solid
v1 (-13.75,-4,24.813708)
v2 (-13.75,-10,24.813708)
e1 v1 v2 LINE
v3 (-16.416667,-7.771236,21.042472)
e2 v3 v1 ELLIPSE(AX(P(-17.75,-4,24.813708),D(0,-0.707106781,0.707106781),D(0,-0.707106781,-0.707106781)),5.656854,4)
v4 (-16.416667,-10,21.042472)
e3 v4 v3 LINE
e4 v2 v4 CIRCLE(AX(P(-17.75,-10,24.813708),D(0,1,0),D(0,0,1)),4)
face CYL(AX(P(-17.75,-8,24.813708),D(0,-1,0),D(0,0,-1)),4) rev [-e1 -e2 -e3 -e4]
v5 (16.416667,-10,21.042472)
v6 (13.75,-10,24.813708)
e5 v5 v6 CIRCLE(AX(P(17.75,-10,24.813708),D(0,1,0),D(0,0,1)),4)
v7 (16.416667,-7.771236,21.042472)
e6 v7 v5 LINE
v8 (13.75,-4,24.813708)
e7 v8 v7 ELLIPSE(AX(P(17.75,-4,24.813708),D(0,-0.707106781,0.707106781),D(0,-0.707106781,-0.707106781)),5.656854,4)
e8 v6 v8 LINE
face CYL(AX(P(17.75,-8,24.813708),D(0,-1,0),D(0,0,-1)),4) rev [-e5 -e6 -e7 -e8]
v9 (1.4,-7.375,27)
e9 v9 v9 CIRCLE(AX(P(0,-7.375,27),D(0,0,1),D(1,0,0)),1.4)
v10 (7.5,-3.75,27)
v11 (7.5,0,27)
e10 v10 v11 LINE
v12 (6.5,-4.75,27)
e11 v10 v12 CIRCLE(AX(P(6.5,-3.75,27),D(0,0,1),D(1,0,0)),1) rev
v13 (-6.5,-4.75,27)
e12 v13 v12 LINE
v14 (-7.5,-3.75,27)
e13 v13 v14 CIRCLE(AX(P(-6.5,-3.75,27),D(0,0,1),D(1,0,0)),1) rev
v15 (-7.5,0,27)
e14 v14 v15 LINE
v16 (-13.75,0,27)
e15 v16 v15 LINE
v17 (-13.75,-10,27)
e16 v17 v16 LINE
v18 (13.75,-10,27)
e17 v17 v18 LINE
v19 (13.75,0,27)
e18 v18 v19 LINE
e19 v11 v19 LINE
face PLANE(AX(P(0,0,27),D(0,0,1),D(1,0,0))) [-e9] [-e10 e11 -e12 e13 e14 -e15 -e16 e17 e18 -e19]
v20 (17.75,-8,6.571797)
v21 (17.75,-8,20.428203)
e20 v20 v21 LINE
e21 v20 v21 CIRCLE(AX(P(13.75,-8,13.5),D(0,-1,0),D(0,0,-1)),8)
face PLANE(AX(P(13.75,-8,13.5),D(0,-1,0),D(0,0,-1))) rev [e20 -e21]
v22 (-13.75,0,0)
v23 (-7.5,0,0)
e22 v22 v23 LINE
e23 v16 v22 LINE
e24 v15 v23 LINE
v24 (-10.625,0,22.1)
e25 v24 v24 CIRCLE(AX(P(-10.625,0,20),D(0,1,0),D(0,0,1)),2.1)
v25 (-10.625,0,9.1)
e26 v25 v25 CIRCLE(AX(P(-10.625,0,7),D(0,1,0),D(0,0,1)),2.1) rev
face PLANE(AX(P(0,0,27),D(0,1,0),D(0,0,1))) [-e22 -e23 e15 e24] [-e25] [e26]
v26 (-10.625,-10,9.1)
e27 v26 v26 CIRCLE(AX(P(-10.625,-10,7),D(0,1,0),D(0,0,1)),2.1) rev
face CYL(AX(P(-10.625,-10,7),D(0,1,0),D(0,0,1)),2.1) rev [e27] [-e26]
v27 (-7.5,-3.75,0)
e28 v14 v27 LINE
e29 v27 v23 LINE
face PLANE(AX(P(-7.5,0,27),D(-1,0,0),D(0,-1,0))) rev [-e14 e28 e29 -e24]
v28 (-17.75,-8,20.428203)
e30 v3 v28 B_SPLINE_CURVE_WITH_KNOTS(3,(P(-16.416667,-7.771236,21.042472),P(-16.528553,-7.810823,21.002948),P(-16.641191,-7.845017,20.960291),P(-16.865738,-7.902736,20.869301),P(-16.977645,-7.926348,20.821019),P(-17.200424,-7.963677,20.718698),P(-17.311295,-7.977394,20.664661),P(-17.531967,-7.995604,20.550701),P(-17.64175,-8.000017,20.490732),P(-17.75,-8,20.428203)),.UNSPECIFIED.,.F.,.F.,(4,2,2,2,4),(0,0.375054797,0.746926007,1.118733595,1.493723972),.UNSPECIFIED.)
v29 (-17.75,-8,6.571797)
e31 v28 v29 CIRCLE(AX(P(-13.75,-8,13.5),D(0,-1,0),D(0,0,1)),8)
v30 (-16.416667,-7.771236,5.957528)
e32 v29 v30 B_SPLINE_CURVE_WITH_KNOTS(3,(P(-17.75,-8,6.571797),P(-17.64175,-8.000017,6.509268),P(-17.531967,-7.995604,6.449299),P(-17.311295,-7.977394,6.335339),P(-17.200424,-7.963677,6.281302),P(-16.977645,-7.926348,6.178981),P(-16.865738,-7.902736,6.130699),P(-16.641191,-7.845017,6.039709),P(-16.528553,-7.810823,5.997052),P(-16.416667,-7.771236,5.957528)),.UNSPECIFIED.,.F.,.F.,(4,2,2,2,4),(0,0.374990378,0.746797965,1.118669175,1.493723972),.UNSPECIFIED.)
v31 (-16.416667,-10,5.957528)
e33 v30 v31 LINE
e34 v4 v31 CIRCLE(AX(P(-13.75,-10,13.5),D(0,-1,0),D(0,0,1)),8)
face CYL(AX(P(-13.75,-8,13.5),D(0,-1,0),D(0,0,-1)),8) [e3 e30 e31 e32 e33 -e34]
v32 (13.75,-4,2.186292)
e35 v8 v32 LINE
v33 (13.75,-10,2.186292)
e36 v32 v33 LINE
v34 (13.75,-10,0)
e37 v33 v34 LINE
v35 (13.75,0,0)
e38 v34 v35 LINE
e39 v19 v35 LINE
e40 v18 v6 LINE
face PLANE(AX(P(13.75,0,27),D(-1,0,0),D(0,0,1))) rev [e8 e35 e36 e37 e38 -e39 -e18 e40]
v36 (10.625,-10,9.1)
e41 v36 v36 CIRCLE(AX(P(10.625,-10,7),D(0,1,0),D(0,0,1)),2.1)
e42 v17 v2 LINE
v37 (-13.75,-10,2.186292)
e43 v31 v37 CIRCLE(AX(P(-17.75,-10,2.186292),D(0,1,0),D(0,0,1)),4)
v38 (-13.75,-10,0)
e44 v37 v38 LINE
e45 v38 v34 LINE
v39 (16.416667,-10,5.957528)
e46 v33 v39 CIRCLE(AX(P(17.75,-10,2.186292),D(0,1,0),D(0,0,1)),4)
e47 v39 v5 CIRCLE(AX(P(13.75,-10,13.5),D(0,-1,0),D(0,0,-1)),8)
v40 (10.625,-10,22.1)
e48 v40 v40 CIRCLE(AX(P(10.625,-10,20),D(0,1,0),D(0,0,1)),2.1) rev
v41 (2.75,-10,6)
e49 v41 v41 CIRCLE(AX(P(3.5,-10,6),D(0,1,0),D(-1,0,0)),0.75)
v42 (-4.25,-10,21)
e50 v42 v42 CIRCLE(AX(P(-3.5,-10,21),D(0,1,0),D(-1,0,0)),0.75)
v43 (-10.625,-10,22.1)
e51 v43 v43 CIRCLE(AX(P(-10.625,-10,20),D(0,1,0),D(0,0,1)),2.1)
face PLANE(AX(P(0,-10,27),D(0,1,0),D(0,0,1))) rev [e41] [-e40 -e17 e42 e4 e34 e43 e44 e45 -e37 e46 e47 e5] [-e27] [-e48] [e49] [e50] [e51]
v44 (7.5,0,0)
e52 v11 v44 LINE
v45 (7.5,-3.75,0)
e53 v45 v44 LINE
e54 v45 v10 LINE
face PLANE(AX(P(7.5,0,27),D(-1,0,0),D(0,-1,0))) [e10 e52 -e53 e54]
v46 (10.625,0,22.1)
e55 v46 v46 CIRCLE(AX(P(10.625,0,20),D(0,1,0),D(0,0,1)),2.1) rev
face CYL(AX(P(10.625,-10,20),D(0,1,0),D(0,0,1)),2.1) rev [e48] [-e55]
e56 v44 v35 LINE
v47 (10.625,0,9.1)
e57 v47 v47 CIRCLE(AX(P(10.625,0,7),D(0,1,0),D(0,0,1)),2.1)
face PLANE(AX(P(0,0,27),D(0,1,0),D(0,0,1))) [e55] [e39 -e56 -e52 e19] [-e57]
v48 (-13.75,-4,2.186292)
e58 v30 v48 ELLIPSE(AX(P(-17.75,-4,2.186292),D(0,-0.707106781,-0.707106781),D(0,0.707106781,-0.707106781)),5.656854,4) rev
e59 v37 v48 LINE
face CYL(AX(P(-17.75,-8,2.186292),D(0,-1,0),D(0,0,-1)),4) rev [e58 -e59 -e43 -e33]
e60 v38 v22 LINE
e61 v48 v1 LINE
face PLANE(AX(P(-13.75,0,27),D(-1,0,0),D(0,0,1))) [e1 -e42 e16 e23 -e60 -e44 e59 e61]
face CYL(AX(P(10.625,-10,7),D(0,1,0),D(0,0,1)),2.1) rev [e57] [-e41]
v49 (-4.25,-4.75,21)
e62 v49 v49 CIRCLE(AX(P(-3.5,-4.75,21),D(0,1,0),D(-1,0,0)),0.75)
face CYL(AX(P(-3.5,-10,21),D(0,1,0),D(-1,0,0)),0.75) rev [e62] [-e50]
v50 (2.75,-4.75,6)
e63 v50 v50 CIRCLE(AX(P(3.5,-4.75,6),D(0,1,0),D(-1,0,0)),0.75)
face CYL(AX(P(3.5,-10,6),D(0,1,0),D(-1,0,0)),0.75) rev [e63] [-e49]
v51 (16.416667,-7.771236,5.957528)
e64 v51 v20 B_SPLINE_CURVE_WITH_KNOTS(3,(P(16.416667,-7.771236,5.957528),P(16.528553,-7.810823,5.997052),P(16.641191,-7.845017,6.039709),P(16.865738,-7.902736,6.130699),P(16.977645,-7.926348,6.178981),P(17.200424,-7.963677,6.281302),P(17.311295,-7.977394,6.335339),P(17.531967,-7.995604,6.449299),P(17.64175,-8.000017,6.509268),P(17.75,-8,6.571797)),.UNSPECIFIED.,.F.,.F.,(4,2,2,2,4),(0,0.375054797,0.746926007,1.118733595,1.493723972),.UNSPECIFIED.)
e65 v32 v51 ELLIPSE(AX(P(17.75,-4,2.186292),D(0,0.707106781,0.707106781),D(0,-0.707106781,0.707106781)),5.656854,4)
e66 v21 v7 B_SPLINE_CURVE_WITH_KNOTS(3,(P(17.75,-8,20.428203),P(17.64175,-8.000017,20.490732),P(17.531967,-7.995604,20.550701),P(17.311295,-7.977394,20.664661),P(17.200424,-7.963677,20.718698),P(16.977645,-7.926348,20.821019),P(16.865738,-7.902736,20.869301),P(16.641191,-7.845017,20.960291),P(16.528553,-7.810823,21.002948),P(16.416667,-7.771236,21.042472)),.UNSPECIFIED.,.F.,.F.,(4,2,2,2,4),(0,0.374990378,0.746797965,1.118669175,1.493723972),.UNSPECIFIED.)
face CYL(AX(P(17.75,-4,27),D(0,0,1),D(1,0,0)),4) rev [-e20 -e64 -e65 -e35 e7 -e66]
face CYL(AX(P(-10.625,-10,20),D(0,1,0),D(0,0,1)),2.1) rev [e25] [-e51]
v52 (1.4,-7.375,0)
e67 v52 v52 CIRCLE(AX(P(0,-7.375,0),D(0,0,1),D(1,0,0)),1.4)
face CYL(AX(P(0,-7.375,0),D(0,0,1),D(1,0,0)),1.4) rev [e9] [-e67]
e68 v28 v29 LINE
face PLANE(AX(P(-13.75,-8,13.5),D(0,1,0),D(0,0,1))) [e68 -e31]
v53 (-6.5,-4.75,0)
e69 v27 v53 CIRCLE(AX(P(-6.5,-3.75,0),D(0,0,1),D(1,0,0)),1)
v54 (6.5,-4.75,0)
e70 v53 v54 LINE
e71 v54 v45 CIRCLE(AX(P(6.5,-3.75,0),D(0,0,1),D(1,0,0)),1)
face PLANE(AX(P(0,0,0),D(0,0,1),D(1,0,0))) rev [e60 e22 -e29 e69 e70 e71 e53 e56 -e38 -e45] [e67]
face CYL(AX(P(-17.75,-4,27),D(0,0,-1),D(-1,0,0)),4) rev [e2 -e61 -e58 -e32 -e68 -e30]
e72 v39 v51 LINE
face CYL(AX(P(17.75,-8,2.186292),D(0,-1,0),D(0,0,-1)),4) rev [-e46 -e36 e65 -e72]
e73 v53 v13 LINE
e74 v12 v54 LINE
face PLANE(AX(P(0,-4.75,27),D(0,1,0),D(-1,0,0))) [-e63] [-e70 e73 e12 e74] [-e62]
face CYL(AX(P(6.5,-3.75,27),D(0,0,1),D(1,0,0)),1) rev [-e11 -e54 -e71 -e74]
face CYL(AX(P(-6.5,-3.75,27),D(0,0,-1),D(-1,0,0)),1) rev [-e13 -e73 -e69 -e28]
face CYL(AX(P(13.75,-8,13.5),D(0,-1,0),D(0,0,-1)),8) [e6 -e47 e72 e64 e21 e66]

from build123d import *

# Parameters (mm, degrees)
BOSS_EXTRUDE1_DEPTH = 27
BOSS_EXTRUDE2_DEPTH = 2
SKETCH3_R           = 2.1
CUT_EXTRUDE1_DEPTH  = 37.084103148
SKETCH4_R           = 1.4
CUT_EXTRUDE2_DEPTH  = 37.084103148
FILLET1_R           = 1
FILLET2_R           = 4
SKETCH5_R           = 0.75
CUT_EXTRUDE3_DEPTH  = 36.06600926


with BuildPart() as part:
    # Sketch1 → Boss-Extrude1 (new body)
    with BuildSketch(Plane.XY):
        Polygon((7.5, -4.75), (-7.5, -4.75), (-7.5, 0), (-13.75, 0), (-13.75, -10), (13.75, -10), (13.75, 0), (7.5, 0), align=None)
    extrude(amount=BOSS_EXTRUDE1_DEPTH)

    # Sketch2 → Boss-Extrude2 (add)
    with BuildSketch(Plane.XZ.offset(10)):
        with BuildLine():
            Line((13.75, 21.5), (13.75, 5.5))
            ThreePointArc((13.75, 5.5), (21.75, 13.5), (13.75, 21.5))
        make_face()
        with BuildLine():
            Line((-13.75, 21.5), (-13.75, 5.5))
            ThreePointArc((-13.75, 5.5), (-21.75, 13.5), (-13.75, 21.5))
        make_face()
    extrude(amount=-BOSS_EXTRUDE2_DEPTH)

    # Sketch3 → Cut-Extrude1 (cut, through all)
    with BuildSketch(Plane(origin=(0, 0, 0), x_dir=(1, 0, 0), z_dir=(0, 1, 0))):
        with Locations((-10.625, -20)):
            Circle(SKETCH3_R)
        with Locations((10.625, -20)):
            Circle(SKETCH3_R)
        with Locations((10.625, -7)):
            Circle(SKETCH3_R)
        with Locations((-10.625, -7)):
            Circle(SKETCH3_R)
    extrude(amount=-CUT_EXTRUDE1_DEPTH, mode=Mode.SUBTRACT)

    # Sketch4 → Cut-Extrude2 (cut, through all)
    with BuildSketch(Plane.XY.offset(27)):
        with Locations((0, -7.375)):
            Circle(SKETCH4_R)
    extrude(amount=-CUT_EXTRUDE2_DEPTH, mode=Mode.SUBTRACT)

    # Fillet1
    fillet1_edges = [part.edges().sort_by_distance(p)[0] for p in [
        (7.5, -4.75, 13.5),
        (-7.5, -4.75, 13.5),
    ]]
    fillet(fillet1_edges, radius=FILLET1_R)

    # Fillet2
    fillet2_edges = [part.edges().sort_by_distance(p)[0] for p in [
        (13.75, -9, 5.5),
        (13.75, -8, 13.5),
        (13.75, -9, 21.5),
        (-13.75, -9, 5.5),
        (-13.75, -8, 13.5),
        (-13.75, -9, 21.5),
    ]]
    fillet(fillet2_edges, radius=FILLET2_R)

    # Sketch5 → Cut-Extrude3 (cut, through all)
    with BuildSketch(Plane(origin=(0, -4.75, 0), x_dir=(1, 0, 0), z_dir=(0, 1, 0))):
        with Locations((3.5, -6)):
            Circle(SKETCH5_R)
        with Locations((-3.5, -21)):
            Circle(SKETCH5_R)
    extrude(amount=-CUT_EXTRUDE3_DEPTH, mode=Mode.SUBTRACT)


solid = part.part
